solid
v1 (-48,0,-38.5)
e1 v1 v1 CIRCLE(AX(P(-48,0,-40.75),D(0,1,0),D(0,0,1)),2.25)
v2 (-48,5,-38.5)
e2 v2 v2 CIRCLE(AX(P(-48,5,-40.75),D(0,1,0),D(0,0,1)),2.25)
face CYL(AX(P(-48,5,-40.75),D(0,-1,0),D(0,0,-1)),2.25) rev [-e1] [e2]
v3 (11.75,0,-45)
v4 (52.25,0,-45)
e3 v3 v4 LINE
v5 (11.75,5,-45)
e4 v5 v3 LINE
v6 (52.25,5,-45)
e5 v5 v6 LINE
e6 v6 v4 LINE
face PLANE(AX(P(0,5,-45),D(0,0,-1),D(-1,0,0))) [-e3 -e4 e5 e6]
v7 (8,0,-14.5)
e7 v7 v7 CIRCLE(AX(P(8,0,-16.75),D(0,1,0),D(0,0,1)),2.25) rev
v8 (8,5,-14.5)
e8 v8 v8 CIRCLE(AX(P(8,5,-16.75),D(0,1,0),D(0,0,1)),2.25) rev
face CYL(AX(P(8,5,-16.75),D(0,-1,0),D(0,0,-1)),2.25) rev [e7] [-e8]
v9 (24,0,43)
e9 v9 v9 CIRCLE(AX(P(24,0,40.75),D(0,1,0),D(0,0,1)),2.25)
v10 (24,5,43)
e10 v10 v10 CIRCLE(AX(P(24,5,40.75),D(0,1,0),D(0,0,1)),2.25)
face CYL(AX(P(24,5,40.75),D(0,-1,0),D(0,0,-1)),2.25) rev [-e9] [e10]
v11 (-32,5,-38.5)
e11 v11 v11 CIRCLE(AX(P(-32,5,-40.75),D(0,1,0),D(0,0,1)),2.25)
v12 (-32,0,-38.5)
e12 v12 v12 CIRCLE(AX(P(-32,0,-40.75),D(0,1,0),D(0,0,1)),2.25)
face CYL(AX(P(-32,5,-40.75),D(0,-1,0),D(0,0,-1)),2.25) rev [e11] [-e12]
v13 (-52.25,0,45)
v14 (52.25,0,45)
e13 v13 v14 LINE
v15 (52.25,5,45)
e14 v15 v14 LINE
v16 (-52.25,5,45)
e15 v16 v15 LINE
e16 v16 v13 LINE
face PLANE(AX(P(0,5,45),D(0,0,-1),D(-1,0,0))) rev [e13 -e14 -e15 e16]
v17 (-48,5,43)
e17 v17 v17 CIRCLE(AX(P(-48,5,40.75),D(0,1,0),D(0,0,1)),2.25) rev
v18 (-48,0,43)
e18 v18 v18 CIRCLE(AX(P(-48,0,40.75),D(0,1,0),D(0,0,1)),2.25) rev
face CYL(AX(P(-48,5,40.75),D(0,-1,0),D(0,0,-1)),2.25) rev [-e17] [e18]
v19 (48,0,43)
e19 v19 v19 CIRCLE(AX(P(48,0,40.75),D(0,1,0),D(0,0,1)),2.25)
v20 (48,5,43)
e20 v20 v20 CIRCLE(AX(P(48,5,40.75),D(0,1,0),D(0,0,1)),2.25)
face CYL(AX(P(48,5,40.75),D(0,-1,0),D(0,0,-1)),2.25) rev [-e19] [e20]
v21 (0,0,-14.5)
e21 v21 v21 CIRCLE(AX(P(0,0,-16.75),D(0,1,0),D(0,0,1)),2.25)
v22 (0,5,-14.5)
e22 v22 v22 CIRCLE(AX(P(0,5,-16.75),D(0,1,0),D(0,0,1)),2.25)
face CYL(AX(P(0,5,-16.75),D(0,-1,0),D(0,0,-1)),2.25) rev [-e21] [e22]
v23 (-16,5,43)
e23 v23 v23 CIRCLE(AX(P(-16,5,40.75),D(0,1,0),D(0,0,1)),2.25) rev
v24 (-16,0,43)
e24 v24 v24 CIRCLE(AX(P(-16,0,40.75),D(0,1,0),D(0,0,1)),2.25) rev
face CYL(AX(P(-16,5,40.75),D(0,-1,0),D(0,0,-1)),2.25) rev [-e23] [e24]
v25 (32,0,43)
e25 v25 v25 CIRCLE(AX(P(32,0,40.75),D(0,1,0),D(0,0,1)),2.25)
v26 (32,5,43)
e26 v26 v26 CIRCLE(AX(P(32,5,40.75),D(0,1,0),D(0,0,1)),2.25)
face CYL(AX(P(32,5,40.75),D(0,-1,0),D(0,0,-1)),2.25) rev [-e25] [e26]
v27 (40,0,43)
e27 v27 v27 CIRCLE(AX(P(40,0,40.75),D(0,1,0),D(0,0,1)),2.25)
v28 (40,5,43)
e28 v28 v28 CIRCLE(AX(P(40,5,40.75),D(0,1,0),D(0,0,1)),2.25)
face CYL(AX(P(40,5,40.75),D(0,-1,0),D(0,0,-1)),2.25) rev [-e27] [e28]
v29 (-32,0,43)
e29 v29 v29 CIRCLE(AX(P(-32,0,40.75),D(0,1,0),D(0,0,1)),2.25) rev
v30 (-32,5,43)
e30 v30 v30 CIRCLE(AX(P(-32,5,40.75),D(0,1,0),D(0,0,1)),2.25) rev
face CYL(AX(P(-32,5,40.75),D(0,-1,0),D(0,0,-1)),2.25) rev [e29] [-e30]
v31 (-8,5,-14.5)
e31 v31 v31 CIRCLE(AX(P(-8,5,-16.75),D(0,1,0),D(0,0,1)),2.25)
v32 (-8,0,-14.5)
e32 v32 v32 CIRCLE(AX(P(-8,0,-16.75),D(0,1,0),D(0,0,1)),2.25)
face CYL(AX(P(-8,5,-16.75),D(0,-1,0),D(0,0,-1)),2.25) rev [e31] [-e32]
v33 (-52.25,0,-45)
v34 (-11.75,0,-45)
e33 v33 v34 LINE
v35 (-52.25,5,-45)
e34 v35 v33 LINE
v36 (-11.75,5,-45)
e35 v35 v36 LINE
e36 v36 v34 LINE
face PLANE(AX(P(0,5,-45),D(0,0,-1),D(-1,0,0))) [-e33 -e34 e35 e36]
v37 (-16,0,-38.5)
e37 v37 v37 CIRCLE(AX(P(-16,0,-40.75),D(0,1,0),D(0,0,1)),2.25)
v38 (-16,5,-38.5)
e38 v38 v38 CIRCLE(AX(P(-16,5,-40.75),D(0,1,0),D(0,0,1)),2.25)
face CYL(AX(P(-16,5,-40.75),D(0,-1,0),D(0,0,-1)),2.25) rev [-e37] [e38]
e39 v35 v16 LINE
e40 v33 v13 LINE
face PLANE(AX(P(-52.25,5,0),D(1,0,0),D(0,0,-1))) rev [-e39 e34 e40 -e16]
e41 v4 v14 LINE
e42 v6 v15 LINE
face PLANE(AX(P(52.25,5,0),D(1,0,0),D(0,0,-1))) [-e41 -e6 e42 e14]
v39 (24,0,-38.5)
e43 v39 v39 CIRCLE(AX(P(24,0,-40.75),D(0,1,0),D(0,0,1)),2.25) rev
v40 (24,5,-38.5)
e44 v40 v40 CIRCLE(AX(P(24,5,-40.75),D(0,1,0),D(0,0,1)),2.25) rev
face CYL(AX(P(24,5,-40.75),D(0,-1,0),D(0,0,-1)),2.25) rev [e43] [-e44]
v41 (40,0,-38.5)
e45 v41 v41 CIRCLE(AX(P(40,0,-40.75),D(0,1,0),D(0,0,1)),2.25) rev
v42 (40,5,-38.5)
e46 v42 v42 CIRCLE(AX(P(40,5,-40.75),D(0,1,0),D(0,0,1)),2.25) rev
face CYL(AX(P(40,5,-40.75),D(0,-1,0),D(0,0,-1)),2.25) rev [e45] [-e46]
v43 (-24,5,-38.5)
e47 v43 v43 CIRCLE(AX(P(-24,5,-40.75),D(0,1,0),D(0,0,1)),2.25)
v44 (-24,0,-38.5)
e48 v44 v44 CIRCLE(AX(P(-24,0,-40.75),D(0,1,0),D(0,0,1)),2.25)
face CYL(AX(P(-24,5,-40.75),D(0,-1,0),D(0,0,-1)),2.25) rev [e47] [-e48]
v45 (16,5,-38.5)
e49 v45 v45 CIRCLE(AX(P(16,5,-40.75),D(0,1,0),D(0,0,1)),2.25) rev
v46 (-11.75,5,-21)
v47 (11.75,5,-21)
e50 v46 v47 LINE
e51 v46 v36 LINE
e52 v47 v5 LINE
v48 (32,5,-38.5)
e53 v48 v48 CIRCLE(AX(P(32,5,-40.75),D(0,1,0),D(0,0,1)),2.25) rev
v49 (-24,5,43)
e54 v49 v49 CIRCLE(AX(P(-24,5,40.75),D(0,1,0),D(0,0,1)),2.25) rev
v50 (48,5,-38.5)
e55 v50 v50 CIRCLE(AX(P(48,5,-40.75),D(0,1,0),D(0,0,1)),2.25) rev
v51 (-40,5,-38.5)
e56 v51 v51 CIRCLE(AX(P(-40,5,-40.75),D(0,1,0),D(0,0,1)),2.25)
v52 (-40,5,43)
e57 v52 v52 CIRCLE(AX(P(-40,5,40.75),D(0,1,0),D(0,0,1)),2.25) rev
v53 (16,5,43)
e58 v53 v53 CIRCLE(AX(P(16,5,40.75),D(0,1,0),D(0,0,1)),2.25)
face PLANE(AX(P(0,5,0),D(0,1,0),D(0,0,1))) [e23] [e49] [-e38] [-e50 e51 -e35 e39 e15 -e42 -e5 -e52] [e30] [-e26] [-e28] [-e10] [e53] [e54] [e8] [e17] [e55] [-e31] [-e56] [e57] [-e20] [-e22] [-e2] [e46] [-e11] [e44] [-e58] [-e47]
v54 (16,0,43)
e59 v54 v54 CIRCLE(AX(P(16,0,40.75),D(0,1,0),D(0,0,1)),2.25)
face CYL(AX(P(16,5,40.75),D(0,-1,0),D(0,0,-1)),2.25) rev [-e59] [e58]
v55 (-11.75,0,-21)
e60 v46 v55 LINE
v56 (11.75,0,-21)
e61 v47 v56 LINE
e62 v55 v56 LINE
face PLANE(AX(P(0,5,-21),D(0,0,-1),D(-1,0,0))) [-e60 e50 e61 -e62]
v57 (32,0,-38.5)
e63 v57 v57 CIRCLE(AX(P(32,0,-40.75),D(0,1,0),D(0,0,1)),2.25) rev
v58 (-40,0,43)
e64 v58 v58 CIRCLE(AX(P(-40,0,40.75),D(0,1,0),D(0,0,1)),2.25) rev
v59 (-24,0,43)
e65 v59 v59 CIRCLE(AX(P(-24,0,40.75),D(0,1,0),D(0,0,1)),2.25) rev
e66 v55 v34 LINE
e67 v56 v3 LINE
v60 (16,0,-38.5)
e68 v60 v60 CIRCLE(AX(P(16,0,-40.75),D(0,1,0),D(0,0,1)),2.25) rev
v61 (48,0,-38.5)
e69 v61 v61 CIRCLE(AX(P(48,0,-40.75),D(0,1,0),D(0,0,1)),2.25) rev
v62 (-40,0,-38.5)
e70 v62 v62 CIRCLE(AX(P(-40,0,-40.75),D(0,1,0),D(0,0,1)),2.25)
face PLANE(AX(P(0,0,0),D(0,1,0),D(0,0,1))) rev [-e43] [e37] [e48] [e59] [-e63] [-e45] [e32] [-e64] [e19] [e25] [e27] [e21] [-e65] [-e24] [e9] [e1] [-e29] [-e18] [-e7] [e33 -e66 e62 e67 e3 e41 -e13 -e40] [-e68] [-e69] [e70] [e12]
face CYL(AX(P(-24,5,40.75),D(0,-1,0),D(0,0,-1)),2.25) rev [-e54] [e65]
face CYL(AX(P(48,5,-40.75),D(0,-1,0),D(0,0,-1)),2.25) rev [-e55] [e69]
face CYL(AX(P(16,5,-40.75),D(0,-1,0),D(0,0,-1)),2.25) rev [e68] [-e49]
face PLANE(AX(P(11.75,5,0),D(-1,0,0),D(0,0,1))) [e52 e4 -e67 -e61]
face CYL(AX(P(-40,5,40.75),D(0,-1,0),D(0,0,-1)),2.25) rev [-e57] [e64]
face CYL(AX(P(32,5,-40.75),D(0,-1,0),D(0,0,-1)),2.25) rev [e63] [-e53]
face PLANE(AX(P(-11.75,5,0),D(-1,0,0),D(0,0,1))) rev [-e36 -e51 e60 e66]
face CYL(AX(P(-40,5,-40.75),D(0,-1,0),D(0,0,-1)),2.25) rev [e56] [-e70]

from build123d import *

# Parameters (mm, degrees)
SKETCH_2_R      = 2.25
EXTRUDE_1_DEPTH = 5


with BuildPart() as part:
    # 草图2 → 凸台-拉伸1 (new body)
    with BuildSketch(Plane(origin=(0, 0, 0), x_dir=(1, 0, 0), z_dir=(0, 1, 0))):
        Polygon((-11.75, 45), (-52.25, 45), (-52.25, -45), (52.25, -45), (52.25, 45), (11.75, 45), (11.75, 21), (-11.75, 21), align=None)
        with Locations(Location((-48, -40.75, 0), (0, 0, 270))):
            Circle(SKETCH_2_R, mode=Mode.SUBTRACT)
        with Locations(Location((-40, -40.75, 0), (0, 0, 270))):
            Circle(SKETCH_2_R, mode=Mode.SUBTRACT)
        with Locations(Location((-32, -40.75, 0), (0, 0, 270))):
            Circle(SKETCH_2_R, mode=Mode.SUBTRACT)
        with Locations(Location((-24, -40.75, 0), (0, 0, 270))):
            Circle(SKETCH_2_R, mode=Mode.SUBTRACT)
        with Locations(Location((-16, -40.75, 0), (0, 0, 270))):
            Circle(SKETCH_2_R, mode=Mode.SUBTRACT)
        with Locations(Location((16, -40.75, 0), (0, 0, 270))):
            Circle(SKETCH_2_R, mode=Mode.SUBTRACT)
        with Locations(Location((24, -40.75, 0), (0, 0, 270))):
            Circle(SKETCH_2_R, mode=Mode.SUBTRACT)
        with Locations(Location((32, -40.75, 0), (0, 0, 270))):
            Circle(SKETCH_2_R, mode=Mode.SUBTRACT)
        with Locations(Location((40, -40.75, 0), (0, 0, 270))):
            Circle(SKETCH_2_R, mode=Mode.SUBTRACT)
        with Locations(Location((48, -40.75, 0), (0, 0, 270))):
            Circle(SKETCH_2_R, mode=Mode.SUBTRACT)
        with Locations(Location((-8, 16.75, 0), (0, 0, 270))):
            Circle(SKETCH_2_R, mode=Mode.SUBTRACT)
        with Locations(Location((-48, 40.75, 0), (0, 0, 270))):
            Circle(SKETCH_2_R, mode=Mode.SUBTRACT)
        with Locations(Location((-40, 40.75, 0), (0, 0, 270))):
            Circle(SKETCH_2_R, mode=Mode.SUBTRACT)
        with Locations(Location((-32, 40.75, 0), (0, 0, 270))):
            Circle(SKETCH_2_R, mode=Mode.SUBTRACT)
        with Locations(Location((-24, 40.75, 0), (0, 0, 270))):
            Circle(SKETCH_2_R, mode=Mode.SUBTRACT)
        with Locations(Location((-16, 40.75, 0), (0, 0, 270))):
            Circle(SKETCH_2_R, mode=Mode.SUBTRACT)
        with Locations(Location((0, 16.75, 0), (0, 0, 270))):
            Circle(SKETCH_2_R, mode=Mode.SUBTRACT)
        with Locations(Location((8, 16.75, 0), (0, 0, 270))):
            Circle(SKETCH_2_R, mode=Mode.SUBTRACT)
        with Locations(Location((16, 40.75, 0), (0, 0, 270))):
            Circle(SKETCH_2_R, mode=Mode.SUBTRACT)
        with Locations(Location((24, 40.75, 0), (0, 0, 270))):
            Circle(SKETCH_2_R, mode=Mode.SUBTRACT)
        with Locations(Location((32, 40.75, 0), (0, 0, 270))):
            Circle(SKETCH_2_R, mode=Mode.SUBTRACT)
        with Locations(Location((40, 40.75, 0), (0, 0, 270))):
            Circle(SKETCH_2_R, mode=Mode.SUBTRACT)
        with Locations(Location((48, 40.75, 0), (0, 0, 270))):
            Circle(SKETCH_2_R, mode=Mode.SUBTRACT)
    extrude(amount=EXTRUDE_1_DEPTH)


solid = part.part
